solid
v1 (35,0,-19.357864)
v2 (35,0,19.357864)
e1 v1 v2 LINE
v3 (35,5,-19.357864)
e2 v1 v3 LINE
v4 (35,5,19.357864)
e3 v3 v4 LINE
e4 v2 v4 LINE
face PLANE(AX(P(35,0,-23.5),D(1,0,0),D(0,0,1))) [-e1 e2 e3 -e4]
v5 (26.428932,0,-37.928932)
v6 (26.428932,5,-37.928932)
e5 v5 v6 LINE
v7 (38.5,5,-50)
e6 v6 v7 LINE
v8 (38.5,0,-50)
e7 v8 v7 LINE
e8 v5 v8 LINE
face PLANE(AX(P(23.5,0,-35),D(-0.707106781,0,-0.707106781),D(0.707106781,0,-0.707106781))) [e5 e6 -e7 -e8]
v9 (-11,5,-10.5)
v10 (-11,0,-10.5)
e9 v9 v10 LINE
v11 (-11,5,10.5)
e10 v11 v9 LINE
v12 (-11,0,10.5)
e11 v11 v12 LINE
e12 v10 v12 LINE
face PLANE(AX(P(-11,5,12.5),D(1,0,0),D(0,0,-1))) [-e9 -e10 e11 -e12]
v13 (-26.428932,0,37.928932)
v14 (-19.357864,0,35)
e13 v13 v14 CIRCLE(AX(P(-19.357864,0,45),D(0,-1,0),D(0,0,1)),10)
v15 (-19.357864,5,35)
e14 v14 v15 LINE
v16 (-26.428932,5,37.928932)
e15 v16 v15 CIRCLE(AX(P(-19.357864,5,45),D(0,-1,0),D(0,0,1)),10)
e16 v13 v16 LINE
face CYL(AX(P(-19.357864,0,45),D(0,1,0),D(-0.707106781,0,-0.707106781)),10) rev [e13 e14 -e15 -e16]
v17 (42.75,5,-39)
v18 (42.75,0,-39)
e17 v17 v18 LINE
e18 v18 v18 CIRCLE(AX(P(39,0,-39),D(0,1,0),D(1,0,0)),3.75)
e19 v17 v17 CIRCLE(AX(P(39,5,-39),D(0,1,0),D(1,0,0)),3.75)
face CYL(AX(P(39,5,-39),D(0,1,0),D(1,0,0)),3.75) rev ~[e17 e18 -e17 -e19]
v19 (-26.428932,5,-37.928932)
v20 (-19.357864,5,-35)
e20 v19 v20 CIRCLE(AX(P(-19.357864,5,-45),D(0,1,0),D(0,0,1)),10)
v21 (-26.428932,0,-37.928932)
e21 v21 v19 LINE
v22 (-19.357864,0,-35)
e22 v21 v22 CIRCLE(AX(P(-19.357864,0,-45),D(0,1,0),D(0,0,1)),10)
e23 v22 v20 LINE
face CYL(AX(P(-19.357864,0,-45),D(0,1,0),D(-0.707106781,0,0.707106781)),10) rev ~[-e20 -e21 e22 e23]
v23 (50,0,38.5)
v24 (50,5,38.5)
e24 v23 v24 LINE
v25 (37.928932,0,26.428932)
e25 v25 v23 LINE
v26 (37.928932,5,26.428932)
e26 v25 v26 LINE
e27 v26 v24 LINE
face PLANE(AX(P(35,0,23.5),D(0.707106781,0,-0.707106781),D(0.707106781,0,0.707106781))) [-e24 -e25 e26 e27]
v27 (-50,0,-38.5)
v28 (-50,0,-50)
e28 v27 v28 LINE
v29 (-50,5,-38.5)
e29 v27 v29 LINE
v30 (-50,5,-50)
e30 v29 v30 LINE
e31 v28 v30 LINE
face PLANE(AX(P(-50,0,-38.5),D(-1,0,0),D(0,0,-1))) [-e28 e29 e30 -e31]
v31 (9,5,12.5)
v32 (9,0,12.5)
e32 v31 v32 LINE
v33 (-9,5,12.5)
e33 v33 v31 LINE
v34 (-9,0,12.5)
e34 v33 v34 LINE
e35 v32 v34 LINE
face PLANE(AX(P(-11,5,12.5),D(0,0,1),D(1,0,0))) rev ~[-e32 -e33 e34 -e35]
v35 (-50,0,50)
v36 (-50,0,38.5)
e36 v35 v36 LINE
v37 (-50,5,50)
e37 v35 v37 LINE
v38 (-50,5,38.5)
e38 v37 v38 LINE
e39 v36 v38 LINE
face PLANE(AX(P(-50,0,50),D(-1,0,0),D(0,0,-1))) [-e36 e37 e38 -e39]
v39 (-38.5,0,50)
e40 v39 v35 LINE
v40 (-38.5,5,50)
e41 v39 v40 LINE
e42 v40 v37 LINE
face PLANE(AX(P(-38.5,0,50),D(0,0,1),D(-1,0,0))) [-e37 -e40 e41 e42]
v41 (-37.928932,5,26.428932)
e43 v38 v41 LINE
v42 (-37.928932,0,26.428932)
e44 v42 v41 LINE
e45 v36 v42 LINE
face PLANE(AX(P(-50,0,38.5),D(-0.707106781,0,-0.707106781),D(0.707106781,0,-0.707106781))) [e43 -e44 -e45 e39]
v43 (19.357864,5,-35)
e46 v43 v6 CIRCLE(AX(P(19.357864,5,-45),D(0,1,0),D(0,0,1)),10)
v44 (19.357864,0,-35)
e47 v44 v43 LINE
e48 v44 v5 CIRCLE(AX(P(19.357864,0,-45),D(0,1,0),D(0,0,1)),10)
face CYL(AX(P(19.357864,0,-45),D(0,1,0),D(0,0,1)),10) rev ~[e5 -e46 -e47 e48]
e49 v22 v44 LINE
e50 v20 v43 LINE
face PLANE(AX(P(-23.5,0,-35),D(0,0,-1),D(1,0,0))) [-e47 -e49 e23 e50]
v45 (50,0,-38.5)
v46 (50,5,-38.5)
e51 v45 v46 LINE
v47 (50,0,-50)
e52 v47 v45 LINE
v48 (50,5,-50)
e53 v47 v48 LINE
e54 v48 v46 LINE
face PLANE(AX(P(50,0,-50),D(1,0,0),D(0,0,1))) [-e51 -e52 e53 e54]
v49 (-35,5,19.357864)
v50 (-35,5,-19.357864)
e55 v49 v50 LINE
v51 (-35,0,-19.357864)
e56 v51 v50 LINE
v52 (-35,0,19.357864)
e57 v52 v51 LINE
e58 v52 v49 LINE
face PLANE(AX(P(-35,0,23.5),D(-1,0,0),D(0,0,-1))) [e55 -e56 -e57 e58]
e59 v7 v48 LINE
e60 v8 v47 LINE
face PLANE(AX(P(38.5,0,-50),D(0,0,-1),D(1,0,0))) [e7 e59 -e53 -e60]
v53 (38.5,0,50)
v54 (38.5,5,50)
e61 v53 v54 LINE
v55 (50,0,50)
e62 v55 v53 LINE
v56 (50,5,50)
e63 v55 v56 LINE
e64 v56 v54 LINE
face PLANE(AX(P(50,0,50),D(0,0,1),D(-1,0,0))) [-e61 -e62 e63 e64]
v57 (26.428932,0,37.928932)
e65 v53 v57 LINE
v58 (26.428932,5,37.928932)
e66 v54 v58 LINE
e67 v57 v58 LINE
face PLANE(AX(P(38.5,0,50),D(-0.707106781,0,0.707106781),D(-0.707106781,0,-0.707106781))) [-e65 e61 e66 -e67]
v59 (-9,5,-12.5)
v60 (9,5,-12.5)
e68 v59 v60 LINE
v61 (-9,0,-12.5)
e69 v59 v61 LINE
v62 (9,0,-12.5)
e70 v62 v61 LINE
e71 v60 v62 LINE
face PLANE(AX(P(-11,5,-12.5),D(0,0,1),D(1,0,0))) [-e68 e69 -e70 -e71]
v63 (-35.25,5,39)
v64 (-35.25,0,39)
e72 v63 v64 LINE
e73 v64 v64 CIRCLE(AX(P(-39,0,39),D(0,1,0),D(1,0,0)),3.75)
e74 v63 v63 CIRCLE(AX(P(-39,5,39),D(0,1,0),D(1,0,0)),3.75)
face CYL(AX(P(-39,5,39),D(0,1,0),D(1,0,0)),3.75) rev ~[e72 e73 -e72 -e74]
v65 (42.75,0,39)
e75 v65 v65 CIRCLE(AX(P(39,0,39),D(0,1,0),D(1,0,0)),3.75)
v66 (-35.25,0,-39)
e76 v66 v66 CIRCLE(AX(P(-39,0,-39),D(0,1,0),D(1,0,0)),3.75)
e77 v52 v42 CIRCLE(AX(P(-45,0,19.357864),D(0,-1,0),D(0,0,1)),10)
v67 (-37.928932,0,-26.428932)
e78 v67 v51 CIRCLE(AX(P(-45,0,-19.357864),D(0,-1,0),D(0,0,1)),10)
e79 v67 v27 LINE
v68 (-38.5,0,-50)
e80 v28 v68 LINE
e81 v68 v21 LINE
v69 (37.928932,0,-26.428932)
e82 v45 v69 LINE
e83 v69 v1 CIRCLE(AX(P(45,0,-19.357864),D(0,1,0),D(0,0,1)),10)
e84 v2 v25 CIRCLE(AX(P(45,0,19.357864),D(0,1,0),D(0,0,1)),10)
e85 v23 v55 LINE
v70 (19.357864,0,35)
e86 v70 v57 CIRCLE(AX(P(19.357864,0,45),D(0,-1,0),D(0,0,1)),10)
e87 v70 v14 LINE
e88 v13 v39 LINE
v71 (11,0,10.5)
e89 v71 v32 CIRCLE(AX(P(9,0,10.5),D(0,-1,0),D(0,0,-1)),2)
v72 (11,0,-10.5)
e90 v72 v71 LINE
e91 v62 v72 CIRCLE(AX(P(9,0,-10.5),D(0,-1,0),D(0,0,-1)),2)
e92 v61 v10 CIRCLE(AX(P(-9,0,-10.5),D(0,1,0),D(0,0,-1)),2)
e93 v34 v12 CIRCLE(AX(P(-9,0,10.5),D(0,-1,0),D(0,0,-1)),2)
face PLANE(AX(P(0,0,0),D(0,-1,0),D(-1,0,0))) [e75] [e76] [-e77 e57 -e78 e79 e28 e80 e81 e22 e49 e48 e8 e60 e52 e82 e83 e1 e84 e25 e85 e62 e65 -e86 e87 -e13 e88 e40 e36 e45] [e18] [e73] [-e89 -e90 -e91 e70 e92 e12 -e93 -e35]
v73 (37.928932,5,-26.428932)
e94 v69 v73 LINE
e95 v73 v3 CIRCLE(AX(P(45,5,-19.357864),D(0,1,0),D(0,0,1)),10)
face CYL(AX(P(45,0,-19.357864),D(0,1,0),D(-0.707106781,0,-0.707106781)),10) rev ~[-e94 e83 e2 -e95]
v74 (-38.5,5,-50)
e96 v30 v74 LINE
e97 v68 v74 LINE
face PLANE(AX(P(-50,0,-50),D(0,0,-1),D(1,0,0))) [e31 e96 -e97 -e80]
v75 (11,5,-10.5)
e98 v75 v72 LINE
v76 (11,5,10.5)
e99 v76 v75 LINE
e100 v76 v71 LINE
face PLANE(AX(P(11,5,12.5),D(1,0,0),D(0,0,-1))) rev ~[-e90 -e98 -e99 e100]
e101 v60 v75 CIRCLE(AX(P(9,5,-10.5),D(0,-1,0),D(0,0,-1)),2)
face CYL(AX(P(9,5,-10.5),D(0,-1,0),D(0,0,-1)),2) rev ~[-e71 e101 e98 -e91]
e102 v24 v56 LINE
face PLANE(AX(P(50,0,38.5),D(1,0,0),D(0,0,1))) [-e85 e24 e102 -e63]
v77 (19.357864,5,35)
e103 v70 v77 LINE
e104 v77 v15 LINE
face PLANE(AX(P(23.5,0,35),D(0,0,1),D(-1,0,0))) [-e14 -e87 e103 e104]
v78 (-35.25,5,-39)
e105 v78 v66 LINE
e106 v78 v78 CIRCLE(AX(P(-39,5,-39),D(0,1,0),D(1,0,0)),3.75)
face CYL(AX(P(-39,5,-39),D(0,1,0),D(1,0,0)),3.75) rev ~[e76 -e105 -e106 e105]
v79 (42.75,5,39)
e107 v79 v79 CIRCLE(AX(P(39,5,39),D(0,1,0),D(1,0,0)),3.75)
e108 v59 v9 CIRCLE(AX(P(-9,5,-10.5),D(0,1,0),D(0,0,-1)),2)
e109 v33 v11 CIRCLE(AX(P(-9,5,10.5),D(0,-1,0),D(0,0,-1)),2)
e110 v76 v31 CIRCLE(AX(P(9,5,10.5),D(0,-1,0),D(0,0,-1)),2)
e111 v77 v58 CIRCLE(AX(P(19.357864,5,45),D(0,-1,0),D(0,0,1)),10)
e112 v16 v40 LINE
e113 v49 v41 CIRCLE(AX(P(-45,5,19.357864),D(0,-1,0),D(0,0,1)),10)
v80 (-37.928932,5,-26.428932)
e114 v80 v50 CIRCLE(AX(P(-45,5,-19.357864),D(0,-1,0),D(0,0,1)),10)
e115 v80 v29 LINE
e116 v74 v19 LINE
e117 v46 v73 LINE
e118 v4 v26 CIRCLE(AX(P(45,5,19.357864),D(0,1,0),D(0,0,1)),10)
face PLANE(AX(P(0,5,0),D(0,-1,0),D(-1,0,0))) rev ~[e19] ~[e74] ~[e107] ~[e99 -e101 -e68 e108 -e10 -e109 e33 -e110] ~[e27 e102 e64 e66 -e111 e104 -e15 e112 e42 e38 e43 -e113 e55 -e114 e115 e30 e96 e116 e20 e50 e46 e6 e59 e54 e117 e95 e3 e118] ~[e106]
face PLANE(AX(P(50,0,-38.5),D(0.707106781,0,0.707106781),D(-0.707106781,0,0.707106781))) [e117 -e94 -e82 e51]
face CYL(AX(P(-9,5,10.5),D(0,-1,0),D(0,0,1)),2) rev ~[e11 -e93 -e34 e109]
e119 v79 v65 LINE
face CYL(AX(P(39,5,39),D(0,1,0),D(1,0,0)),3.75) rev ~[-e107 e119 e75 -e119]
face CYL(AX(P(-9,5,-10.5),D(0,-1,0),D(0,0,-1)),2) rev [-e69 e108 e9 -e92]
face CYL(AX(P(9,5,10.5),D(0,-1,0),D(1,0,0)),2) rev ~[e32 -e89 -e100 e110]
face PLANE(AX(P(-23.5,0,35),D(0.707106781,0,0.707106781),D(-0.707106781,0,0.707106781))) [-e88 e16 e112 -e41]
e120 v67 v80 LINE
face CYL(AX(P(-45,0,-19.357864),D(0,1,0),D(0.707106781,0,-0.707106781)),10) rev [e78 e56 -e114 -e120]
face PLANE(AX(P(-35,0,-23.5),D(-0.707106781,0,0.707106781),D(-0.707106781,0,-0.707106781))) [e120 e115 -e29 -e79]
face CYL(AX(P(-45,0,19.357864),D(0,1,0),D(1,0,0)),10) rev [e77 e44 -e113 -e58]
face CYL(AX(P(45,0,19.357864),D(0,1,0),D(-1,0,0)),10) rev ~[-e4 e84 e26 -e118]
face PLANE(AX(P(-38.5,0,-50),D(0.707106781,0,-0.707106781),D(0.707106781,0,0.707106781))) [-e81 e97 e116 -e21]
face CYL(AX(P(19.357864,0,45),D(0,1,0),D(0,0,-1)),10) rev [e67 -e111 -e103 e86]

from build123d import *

# Parameters (mm, degrees)
EXTRUDE_1_DEPTH     = 5
SKETCH_2_R          = 3.75
CUT_EXTRUDE_1_DEPTH = 6
FILLET_1_R          = 10
SKETCH_3_W          = 22
SKETCH_3_H          = 25
CUT_EXTRUDE_2_DEPTH = 6
FILLET_2_R          = 2


with BuildPart() as part:
    # ｽｹｯﾁ1 → ﾎﾞｽ - 押し出し1 (new body)
    with BuildSketch(Plane(origin=(0, 0, 0), x_dir=(1, 0, 0), z_dir=(0, 1, 0))):
        Polygon((-50, 38.5), (-50, 50), (-38.5, 50), (-23.5, 35), (23.5, 35), (38.5, 50), (50, 50), (50, 38.5), (35, 23.5), (35, -23.5), (50, -38.5), (50, -50), (38.5, -50), (23.5, -35), (-23.5, -35), (-38.5, -50), (-50, -50), (-50, -38.5), (-35, -23.5), (-35, 23.5), align=None)
    extrude(amount=EXTRUDE_1_DEPTH)

    # ｽｹｯﾁ2 → ｶｯﾄ - 押し出し1 (cut, through all)
    with BuildSketch(Plane(origin=(0, 5, 0), x_dir=(1, 0, 0), z_dir=(0, 1, 0))):
        with Locations((-39, 39)):
            Circle(SKETCH_2_R)
        with Locations((39, 39)):
            Circle(SKETCH_2_R)
        with Locations((39, -39)):
            Circle(SKETCH_2_R)
        with Locations((-39, -39)):
            Circle(SKETCH_2_R)
    extrude(amount=-CUT_EXTRUDE_1_DEPTH, mode=Mode.SUBTRACT)

    # ﾌｨﾚｯﾄ1
    fillet_1_edges = [part.edges().sort_by_distance(p)[0] for p in [
        (-23.5, 2.5, -35),
        (23.5, 2.5, -35),
        (35, 2.5, -23.5),
        (35, 2.5, 23.5),
        (23.5, 2.5, 35),
        (-23.5, 2.5, 35),
        (-35, 2.5, 23.5),
        (-35, 2.5, -23.5),
    ]]
    fillet(fillet_1_edges, radius=FILLET_1_R)

    # ｽｹｯﾁ3 → ｶｯﾄ - 押し出し2 (cut, through all)
    with BuildSketch(Plane(origin=(0, 5, 0), x_dir=(1, 0, 0), z_dir=(0, 1, 0))):
        Rectangle(SKETCH_3_W, SKETCH_3_H)
    extrude(amount=-CUT_EXTRUDE_2_DEPTH, mode=Mode.SUBTRACT)

    # ﾌｨﾚｯﾄ2
    fillet_2_edges = [part.edges().sort_by_distance(p)[0] for p in [
        (11, 2.5, -12.5),
        (11, 2.5, 12.5),
        (-11, 2.5, 12.5),
        (-11, 2.5, -12.5),
    ]]
    fillet(fillet_2_edges, radius=FILLET_2_R)


solid = part.part
